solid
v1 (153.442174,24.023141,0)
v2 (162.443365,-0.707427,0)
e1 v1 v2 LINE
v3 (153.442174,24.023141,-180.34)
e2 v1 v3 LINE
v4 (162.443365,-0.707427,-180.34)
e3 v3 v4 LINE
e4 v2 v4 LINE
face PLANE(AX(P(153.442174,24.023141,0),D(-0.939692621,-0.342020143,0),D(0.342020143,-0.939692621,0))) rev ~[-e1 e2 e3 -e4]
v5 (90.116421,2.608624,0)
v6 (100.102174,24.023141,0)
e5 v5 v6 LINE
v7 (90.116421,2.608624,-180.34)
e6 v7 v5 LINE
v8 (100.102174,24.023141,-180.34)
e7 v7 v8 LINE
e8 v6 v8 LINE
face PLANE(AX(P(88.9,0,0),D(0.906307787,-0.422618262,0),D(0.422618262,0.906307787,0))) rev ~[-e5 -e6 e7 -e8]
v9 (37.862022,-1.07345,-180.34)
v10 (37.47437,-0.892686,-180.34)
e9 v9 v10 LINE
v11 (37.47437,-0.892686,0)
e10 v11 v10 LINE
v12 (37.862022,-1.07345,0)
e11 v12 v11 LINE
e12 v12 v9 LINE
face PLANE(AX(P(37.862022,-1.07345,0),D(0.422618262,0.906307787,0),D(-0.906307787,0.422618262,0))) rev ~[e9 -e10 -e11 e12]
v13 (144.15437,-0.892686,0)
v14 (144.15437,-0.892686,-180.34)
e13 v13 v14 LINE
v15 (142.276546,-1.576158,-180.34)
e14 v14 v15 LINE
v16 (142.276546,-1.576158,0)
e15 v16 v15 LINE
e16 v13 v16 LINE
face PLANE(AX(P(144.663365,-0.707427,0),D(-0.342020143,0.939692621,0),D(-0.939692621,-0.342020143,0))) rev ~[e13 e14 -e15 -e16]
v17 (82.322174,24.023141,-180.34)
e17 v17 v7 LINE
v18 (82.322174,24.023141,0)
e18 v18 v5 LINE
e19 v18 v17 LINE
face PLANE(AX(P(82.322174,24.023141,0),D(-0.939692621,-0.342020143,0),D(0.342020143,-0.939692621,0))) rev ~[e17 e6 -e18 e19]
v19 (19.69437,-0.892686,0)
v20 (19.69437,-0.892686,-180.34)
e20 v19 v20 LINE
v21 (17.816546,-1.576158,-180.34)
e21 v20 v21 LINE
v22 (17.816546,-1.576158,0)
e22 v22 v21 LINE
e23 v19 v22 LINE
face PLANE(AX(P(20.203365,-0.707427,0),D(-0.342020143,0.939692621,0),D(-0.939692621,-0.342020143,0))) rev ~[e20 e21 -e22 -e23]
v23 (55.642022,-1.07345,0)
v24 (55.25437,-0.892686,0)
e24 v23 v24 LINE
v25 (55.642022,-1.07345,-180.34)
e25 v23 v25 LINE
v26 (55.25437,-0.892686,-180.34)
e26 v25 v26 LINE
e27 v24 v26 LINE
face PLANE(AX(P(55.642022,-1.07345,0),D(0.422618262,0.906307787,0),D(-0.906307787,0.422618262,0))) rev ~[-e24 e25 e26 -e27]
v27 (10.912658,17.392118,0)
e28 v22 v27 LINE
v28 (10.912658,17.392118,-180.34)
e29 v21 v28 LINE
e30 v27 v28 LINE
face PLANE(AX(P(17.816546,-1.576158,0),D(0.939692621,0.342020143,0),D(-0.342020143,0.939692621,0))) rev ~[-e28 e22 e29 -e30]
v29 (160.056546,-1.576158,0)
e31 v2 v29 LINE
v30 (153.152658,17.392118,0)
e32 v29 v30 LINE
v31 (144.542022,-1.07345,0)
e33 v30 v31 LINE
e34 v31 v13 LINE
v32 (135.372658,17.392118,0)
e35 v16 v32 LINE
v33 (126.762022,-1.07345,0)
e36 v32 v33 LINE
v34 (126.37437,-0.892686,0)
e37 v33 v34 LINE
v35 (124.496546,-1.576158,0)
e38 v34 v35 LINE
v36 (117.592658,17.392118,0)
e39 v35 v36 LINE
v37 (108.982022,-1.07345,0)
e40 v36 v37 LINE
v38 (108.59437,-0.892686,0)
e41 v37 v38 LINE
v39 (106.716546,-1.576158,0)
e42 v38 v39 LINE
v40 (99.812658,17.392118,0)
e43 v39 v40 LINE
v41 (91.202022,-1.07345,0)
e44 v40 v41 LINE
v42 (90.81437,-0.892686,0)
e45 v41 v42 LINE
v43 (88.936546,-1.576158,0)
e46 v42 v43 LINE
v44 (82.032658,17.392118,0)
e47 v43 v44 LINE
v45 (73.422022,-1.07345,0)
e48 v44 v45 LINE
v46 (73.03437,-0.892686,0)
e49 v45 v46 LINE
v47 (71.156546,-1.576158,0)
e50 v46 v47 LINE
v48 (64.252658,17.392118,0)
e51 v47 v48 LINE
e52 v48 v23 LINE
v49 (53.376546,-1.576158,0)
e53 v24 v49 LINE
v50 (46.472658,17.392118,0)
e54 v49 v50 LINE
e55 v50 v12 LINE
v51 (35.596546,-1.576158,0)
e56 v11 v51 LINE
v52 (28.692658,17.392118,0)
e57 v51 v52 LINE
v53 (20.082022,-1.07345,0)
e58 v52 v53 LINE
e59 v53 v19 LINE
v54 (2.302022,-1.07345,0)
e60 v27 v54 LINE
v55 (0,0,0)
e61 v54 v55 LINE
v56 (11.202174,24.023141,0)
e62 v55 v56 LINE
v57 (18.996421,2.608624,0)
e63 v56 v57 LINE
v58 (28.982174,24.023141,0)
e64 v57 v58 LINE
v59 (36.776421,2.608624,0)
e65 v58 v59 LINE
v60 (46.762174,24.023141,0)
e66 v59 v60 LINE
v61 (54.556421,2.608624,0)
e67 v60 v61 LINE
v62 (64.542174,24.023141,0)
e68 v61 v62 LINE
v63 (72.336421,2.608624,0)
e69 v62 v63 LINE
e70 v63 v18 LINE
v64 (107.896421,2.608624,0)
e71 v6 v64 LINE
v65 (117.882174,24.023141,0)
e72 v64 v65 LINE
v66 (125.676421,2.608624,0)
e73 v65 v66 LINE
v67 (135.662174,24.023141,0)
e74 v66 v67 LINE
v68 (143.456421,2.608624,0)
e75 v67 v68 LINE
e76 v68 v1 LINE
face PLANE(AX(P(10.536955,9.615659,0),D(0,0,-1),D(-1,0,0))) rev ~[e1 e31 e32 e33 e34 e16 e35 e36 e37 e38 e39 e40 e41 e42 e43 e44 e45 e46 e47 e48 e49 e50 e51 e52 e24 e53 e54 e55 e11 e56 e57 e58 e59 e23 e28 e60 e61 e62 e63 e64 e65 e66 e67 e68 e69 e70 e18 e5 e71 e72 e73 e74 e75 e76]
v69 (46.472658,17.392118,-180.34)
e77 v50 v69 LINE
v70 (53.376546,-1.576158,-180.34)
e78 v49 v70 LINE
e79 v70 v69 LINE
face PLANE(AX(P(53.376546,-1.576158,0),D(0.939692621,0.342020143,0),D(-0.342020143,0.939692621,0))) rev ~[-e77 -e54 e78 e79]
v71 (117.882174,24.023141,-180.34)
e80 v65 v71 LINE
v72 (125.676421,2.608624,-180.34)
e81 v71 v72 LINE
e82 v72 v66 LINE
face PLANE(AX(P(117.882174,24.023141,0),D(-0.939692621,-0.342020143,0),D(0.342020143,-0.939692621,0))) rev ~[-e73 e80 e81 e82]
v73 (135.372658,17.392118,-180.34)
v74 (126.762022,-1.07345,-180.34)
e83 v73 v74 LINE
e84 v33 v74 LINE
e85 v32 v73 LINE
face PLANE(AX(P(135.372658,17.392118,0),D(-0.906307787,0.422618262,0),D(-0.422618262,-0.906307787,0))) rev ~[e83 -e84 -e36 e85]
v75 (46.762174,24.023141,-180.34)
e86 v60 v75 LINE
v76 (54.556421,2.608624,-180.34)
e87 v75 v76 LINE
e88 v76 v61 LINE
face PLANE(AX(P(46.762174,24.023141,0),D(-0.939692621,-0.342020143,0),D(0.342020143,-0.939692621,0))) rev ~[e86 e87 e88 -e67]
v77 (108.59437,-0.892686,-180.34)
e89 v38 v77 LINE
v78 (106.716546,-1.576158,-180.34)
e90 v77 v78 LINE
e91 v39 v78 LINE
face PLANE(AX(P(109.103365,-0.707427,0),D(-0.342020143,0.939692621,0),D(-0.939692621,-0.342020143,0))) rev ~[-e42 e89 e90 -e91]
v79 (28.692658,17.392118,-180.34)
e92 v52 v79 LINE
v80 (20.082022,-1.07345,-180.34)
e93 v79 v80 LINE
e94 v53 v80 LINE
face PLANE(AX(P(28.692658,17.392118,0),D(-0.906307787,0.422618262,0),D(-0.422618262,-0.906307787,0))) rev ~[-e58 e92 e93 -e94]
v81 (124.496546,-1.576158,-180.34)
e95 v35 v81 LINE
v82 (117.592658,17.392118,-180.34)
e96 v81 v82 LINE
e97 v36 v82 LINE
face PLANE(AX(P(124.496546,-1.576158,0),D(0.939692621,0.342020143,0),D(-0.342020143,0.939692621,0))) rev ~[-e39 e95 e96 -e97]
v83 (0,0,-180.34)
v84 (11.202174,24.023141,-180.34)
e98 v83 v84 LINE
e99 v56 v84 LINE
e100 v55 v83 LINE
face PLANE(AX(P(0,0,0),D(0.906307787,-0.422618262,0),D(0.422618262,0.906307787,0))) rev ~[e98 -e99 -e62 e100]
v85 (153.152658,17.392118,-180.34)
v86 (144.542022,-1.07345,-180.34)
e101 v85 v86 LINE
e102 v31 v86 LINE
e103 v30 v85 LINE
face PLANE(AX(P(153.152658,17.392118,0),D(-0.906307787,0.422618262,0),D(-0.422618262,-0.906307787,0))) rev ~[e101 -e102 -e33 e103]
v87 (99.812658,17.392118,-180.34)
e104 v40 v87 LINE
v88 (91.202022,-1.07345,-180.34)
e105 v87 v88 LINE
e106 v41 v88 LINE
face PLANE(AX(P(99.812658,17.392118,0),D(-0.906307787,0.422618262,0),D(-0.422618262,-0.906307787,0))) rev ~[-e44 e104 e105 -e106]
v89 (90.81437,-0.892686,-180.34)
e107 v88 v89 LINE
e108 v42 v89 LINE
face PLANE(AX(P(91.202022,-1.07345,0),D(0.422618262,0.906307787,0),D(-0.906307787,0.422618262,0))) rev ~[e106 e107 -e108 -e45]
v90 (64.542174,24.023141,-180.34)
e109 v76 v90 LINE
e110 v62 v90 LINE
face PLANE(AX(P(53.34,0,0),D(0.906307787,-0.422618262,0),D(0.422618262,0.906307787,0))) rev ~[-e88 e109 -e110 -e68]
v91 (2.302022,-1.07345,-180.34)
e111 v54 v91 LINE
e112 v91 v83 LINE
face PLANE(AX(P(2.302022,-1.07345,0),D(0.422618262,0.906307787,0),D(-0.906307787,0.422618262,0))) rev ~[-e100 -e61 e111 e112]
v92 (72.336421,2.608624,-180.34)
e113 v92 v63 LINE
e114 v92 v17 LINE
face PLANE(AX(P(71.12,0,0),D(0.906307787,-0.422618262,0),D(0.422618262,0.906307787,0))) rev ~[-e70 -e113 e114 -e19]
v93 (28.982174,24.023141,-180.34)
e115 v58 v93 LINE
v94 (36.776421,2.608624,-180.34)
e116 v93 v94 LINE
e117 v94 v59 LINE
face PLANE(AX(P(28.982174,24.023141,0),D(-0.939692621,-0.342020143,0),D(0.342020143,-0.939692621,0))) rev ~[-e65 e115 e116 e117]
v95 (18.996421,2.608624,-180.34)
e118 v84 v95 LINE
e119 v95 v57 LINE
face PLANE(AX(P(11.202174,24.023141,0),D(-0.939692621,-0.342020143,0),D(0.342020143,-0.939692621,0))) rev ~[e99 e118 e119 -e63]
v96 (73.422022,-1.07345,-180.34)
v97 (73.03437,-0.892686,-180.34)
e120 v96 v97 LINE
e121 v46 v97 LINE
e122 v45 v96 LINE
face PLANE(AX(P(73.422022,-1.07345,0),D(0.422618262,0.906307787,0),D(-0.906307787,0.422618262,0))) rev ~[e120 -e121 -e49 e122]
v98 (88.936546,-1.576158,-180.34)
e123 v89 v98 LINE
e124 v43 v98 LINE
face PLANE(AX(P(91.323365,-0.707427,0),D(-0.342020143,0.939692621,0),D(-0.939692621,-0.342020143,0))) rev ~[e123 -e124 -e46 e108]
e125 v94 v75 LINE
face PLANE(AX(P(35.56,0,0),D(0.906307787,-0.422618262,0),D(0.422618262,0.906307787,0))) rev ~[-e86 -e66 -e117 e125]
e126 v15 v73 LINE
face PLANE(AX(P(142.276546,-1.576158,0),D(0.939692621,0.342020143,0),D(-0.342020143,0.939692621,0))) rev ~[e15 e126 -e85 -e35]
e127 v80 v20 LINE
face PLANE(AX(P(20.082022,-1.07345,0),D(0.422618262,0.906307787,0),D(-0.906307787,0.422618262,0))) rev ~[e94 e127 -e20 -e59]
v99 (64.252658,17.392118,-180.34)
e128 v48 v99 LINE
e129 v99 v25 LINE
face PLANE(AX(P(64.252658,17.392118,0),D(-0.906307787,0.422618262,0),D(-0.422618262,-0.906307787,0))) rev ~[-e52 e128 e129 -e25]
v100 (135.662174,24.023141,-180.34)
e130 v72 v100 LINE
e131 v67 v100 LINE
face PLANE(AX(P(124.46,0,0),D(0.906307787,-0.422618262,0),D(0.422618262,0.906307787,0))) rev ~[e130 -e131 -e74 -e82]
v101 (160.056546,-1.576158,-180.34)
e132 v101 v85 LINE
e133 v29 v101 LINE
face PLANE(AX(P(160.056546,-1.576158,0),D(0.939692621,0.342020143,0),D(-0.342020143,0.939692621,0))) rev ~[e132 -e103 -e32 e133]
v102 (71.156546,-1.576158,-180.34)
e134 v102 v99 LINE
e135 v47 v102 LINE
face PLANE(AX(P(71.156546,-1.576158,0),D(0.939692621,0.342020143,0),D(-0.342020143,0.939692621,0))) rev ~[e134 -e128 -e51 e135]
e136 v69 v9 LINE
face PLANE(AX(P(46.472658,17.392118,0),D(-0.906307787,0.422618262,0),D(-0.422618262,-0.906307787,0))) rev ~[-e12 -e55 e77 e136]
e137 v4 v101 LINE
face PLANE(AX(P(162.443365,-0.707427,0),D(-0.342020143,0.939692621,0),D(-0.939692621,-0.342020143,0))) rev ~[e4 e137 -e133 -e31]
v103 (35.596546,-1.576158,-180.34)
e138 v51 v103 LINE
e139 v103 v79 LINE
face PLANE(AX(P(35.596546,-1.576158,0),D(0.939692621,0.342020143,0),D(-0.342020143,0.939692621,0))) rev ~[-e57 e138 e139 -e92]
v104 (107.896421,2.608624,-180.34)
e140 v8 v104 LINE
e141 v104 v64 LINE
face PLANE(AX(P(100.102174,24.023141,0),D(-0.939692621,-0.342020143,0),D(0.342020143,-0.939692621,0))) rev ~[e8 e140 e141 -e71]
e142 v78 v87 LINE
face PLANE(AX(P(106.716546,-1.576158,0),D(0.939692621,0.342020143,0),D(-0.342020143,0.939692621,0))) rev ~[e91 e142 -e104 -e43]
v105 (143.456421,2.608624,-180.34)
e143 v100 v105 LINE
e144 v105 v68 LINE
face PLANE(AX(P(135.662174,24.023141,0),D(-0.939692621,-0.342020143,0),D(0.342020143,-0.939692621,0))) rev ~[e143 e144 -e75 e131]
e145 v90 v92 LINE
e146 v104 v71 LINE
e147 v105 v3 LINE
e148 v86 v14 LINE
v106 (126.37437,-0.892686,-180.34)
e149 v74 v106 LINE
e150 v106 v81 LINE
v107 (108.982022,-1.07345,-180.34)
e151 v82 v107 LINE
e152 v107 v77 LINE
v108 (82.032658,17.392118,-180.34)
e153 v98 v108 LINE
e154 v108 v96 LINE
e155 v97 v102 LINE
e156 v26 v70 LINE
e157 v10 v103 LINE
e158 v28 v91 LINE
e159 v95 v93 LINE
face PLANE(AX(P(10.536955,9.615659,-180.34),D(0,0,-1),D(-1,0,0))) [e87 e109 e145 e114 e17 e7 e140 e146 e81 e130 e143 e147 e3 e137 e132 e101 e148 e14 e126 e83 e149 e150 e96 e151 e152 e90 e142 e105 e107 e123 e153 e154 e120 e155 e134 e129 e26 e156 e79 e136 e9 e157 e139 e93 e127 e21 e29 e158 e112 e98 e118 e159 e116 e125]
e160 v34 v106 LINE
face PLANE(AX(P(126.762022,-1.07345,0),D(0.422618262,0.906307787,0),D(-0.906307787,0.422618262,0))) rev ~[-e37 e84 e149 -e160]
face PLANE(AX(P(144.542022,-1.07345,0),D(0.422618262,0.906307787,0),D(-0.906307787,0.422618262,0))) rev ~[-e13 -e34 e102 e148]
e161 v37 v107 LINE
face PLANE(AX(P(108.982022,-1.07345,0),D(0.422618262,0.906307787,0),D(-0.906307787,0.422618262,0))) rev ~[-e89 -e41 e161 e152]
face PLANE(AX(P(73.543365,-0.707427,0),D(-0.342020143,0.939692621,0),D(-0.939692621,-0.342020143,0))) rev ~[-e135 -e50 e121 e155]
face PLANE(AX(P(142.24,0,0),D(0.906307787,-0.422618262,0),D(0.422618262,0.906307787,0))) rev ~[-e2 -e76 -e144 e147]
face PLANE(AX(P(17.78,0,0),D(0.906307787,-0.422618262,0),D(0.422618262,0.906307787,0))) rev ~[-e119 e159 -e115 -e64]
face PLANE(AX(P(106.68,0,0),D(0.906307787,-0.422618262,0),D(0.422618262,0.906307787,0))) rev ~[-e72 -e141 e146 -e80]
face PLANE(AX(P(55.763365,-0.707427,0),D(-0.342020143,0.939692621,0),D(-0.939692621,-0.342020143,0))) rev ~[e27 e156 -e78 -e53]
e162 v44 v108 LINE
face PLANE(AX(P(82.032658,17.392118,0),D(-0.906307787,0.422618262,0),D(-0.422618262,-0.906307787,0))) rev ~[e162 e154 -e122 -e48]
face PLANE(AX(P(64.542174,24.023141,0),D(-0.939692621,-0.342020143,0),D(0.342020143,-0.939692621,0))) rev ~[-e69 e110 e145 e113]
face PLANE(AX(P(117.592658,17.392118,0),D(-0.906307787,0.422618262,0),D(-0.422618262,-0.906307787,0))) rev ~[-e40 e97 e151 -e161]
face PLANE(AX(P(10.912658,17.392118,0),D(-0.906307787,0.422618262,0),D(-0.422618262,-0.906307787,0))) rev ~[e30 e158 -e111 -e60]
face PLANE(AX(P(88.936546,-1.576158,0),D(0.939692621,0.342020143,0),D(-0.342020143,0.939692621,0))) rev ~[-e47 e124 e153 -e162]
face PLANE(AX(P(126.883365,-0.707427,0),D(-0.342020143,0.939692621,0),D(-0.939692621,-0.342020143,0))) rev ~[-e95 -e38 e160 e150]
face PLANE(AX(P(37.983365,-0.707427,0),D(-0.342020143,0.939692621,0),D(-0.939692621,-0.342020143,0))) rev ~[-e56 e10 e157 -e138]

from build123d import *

# Parameters (mm, degrees)
EXTRUDE_THIN1_DEPTH  = 180.34
LPATTERN1_COUNT      = 2
LPATTERN1_PITCH      = 20.32
LPATTERN1_COUNT_DIR2 = 9
LPATTERN1_PITCH_DIR2 = 17.78


with BuildPart() as part:
    # Sketch1 → Extrude-Thin1 (new body)
    with BuildSketch(Plane.XY):
        Polygon((0, 0), (11.202174456, 24.023140647), (20.203364855, -0.707426722), (17.816545598, -1.576157886), (10.912657758, 17.392118062), (2.302021779, -1.073450385), align=None)
    extrude_thin1 = extrude(amount=-EXTRUDE_THIN1_DEPTH)

    # LPattern1: Extrude-Thin1 2 × 9, 9 skipped
    with Locations(*[(j * LPATTERN1_PITCH_DIR2, i * LPATTERN1_PITCH, 0) for i in range(LPATTERN1_COUNT) for j in range(LPATTERN1_COUNT_DIR2) if (i, j) not in ((0, 0), (1, 0), (1, 1), (1, 2), (1, 3), (1, 4), (1, 5), (1, 6), (1, 7), (1, 8))]):
        add(extrude_thin1)


solid = part.part
